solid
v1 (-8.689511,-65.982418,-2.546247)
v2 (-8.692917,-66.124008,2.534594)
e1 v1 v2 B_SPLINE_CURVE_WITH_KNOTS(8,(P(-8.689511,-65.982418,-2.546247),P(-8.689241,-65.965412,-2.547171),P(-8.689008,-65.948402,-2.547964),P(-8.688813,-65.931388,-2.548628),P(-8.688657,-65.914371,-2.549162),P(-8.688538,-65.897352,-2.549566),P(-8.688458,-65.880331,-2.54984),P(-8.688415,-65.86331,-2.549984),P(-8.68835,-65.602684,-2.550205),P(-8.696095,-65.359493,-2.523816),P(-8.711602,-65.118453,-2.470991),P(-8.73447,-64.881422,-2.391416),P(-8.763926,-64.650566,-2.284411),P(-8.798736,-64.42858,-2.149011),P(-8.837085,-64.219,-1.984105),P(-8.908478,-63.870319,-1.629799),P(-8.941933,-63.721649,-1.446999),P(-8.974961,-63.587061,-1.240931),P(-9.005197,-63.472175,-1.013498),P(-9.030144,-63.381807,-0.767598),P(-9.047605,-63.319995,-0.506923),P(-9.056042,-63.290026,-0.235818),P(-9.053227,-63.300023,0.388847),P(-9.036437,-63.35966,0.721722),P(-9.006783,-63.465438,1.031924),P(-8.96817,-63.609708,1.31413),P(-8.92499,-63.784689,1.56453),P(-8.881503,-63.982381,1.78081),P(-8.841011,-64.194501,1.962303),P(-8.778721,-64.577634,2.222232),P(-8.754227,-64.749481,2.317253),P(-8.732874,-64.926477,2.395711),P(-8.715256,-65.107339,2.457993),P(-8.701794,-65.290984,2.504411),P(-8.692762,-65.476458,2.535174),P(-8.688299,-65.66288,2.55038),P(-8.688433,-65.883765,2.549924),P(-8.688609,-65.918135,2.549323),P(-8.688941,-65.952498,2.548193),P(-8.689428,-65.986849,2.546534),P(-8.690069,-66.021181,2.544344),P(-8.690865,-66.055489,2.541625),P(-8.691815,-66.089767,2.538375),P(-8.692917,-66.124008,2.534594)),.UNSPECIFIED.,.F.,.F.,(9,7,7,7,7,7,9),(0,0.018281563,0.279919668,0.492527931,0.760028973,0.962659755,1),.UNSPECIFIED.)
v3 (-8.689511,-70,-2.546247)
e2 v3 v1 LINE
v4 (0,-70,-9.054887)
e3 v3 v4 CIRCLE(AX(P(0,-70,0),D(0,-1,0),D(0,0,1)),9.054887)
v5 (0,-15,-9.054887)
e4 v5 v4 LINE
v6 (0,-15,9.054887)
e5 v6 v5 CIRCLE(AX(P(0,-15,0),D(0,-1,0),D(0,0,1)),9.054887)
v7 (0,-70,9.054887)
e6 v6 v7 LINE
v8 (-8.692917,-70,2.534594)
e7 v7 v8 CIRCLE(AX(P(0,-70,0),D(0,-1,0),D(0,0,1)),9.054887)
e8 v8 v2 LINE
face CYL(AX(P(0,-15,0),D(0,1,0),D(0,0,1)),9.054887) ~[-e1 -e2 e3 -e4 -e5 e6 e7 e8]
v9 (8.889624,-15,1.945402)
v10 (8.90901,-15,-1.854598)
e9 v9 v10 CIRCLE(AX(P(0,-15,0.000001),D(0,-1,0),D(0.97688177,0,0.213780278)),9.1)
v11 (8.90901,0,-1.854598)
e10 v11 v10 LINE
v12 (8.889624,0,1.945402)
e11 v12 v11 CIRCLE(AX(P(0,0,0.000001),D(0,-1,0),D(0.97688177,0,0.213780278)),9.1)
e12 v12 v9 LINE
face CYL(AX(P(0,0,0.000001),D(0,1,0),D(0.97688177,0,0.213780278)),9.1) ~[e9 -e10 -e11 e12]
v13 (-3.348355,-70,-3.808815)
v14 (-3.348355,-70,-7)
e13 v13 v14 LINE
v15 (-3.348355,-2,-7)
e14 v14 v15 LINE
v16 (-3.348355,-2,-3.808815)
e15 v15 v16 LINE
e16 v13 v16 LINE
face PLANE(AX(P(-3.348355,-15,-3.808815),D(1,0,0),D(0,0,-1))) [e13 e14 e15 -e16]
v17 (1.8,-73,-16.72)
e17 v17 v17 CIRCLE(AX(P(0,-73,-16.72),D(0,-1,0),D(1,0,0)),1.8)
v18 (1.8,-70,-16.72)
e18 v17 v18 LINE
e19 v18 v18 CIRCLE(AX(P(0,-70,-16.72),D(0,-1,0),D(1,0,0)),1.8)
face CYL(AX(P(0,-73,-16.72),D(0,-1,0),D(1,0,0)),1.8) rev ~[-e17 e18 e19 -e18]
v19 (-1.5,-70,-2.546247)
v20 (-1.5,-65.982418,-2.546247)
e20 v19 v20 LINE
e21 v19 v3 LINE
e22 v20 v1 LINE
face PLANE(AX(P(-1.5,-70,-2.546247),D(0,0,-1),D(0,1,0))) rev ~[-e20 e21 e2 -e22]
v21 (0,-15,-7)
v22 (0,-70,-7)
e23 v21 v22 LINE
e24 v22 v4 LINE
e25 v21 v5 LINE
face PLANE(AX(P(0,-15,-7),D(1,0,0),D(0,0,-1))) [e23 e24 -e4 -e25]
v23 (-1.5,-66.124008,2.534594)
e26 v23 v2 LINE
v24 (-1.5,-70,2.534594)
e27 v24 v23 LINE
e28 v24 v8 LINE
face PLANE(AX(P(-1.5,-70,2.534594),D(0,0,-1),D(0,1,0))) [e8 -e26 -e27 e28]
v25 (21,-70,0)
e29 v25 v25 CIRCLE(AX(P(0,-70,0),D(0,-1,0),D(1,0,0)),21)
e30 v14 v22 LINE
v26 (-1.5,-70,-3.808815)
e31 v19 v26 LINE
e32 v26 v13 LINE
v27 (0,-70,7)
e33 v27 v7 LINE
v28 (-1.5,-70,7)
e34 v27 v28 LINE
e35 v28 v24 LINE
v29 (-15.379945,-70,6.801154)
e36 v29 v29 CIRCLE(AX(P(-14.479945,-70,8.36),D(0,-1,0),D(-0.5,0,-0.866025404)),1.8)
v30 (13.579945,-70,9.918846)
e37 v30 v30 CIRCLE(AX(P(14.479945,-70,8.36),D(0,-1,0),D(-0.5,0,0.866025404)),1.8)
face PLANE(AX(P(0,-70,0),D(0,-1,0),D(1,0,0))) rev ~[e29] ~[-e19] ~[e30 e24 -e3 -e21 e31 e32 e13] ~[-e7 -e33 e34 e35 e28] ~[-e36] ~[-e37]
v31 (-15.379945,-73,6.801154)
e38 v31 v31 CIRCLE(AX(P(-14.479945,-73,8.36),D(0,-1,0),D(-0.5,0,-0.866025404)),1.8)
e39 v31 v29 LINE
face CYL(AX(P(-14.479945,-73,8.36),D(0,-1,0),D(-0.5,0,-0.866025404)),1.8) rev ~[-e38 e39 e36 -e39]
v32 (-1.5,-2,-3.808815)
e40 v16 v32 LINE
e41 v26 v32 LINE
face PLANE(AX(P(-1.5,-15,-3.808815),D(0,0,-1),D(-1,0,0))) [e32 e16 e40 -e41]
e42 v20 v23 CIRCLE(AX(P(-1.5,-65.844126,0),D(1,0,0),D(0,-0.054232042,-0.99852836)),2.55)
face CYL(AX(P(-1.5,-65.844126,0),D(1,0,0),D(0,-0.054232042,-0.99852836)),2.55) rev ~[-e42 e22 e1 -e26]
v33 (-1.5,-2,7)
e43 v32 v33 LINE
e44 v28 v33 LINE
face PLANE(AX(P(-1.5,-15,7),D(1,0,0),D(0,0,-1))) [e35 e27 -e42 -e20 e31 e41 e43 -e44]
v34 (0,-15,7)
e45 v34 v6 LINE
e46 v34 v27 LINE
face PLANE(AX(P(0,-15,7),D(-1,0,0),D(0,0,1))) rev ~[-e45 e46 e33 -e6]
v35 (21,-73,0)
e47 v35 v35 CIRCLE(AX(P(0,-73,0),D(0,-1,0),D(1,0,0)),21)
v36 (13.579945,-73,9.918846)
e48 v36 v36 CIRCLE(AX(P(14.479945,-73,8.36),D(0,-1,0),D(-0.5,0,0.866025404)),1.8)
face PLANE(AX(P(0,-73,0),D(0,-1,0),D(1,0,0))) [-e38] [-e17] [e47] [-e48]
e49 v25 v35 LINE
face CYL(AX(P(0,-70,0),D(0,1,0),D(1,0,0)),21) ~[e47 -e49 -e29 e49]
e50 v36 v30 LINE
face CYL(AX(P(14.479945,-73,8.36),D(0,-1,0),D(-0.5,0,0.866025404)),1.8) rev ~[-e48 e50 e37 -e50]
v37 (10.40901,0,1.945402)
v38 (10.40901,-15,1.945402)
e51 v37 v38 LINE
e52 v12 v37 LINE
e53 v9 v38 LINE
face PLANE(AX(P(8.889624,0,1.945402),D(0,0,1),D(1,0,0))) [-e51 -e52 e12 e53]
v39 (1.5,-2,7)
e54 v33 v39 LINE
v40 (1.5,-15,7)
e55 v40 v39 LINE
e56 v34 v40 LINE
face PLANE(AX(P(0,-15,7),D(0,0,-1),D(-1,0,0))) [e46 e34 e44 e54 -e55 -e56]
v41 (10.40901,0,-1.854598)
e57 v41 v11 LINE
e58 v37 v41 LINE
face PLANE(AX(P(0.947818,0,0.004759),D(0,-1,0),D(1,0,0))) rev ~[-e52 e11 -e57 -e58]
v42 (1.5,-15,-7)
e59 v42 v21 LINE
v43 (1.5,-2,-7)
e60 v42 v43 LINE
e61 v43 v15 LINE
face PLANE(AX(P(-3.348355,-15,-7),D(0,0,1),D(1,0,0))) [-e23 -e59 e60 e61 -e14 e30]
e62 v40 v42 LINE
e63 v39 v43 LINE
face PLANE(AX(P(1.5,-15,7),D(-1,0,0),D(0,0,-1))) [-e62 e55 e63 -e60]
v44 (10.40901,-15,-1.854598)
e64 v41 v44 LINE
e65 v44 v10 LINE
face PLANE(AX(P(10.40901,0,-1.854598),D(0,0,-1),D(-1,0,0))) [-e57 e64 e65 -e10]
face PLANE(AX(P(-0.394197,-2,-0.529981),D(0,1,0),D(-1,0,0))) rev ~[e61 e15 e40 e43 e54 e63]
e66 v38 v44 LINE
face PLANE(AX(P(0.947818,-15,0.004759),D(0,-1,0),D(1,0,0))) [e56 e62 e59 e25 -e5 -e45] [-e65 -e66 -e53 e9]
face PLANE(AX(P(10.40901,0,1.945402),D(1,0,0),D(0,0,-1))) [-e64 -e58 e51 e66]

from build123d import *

# Parameters (mm, degrees)
PAD_DEPTH          = 15
POCKET_DEPTH       = 13
PAD001_DEPTH       = 55
POCKET001_DEPTH    = 7.601
SKETCH004_R        = 21
PAD002_DEPTH       = 3
SKETCH005_R        = 1.8
POCKET002_DEPTH    = 261.224272
POLARPATTERN_COUNT = 3


with BuildPart() as part:
    # Sketch → Pad (new body)
    with BuildSketch(Plane.XZ):
        with BuildLine():
            ThreePointArc((8.889624, 1.945402), (-9.099882, -0.046426), (8.90901, -1.854598))
            Line((10.40901, -1.854598), (8.90901, -1.854598))
            Line((10.40901, 1.945402), (10.40901, -1.854598))
            Line((8.889624, 1.945402), (10.40901, 1.945402))
        make_face()
    extrude(amount=PAD_DEPTH)

    # Sketch001 (on Face6 of Pad) → Pocket (cut)
    with BuildSketch(Plane.XZ.offset(15)):
        Polygon((-1.5, 7), (1.5, 7), (1.5, -7), (-3.348355, -7), (-3.348355, -3.808815), (-1.5, -3.808815), align=None)
    extrude(amount=-POCKET_DEPTH, mode=Mode.SUBTRACT)

    # Sketch002 (on Face5 of Pocket) → Pad001 (join)
    with BuildSketch(Plane.XZ.offset(15)):
        with BuildLine():
            Line((0, 7), (-1.5, 7))
            Line((-1.5, 7), (-1.5, -3.808815))
            Line((-1.5, -3.808815), (-3.348355, -3.808815))
            Line((-3.348355, -3.808815), (-3.348355, -7))
            Line((-3.348355, -7), (0, -7))
            Line((0, -7), (0, -9.054887))
            ThreePointArc((0, 9.054887), (-9.054887, 0), (0, -9.054887))
            Line((0, 7), (0, 9.054887))
        make_face()
    extrude(amount=PAD001_DEPTH)

    # Sketch003 (on Face19 of Pad001) → Pocket001 (cut, through all)
    with BuildSketch(Plane(origin=(-1.5, 0, 0), x_dir=(0, 0, 1), z_dir=(1, 0, 0))):
        with BuildLine():
            Line((-2.546247, 70), (-2.546247, 65.982418))
            ThreePointArc((-2.546247, 65.982418), (0.071035, 63.295116), (2.534594, 66.124008))
            Line((2.534594, 70), (2.534594, 66.124008))
            Line((-2.546247, 70), (2.534594, 70))
        make_face()
    extrude(amount=-POCKET001_DEPTH, mode=Mode.SUBTRACT)

    # Sketch004 (on Face14 of Pocket001) → Pad002 (join)
    with BuildSketch(Plane.XZ.offset(70)):
        Circle(SKETCH004_R)
    extrude(amount=PAD002_DEPTH)

    # Sketch005 (on Face3 of Pad002) → Pocket002 (cut, through all)
    with BuildSketch(Plane.XZ.offset(73)):
        with Locations((0, -16.72)):
            Circle(SKETCH005_R)
    pocket002 = extrude(amount=-POCKET002_DEPTH, mode=Mode.SUBTRACT)

    # PolarPattern: Pocket002 ×3 about axis
    polarpattern_axis = Axis((0, -73, 0), (0, -1, 0))
    for i in range(1, POLARPATTERN_COUNT):
        add(pocket002.rotate(polarpattern_axis, i * 360 / POLARPATTERN_COUNT), mode=Mode.SUBTRACT)


solid = part.part
